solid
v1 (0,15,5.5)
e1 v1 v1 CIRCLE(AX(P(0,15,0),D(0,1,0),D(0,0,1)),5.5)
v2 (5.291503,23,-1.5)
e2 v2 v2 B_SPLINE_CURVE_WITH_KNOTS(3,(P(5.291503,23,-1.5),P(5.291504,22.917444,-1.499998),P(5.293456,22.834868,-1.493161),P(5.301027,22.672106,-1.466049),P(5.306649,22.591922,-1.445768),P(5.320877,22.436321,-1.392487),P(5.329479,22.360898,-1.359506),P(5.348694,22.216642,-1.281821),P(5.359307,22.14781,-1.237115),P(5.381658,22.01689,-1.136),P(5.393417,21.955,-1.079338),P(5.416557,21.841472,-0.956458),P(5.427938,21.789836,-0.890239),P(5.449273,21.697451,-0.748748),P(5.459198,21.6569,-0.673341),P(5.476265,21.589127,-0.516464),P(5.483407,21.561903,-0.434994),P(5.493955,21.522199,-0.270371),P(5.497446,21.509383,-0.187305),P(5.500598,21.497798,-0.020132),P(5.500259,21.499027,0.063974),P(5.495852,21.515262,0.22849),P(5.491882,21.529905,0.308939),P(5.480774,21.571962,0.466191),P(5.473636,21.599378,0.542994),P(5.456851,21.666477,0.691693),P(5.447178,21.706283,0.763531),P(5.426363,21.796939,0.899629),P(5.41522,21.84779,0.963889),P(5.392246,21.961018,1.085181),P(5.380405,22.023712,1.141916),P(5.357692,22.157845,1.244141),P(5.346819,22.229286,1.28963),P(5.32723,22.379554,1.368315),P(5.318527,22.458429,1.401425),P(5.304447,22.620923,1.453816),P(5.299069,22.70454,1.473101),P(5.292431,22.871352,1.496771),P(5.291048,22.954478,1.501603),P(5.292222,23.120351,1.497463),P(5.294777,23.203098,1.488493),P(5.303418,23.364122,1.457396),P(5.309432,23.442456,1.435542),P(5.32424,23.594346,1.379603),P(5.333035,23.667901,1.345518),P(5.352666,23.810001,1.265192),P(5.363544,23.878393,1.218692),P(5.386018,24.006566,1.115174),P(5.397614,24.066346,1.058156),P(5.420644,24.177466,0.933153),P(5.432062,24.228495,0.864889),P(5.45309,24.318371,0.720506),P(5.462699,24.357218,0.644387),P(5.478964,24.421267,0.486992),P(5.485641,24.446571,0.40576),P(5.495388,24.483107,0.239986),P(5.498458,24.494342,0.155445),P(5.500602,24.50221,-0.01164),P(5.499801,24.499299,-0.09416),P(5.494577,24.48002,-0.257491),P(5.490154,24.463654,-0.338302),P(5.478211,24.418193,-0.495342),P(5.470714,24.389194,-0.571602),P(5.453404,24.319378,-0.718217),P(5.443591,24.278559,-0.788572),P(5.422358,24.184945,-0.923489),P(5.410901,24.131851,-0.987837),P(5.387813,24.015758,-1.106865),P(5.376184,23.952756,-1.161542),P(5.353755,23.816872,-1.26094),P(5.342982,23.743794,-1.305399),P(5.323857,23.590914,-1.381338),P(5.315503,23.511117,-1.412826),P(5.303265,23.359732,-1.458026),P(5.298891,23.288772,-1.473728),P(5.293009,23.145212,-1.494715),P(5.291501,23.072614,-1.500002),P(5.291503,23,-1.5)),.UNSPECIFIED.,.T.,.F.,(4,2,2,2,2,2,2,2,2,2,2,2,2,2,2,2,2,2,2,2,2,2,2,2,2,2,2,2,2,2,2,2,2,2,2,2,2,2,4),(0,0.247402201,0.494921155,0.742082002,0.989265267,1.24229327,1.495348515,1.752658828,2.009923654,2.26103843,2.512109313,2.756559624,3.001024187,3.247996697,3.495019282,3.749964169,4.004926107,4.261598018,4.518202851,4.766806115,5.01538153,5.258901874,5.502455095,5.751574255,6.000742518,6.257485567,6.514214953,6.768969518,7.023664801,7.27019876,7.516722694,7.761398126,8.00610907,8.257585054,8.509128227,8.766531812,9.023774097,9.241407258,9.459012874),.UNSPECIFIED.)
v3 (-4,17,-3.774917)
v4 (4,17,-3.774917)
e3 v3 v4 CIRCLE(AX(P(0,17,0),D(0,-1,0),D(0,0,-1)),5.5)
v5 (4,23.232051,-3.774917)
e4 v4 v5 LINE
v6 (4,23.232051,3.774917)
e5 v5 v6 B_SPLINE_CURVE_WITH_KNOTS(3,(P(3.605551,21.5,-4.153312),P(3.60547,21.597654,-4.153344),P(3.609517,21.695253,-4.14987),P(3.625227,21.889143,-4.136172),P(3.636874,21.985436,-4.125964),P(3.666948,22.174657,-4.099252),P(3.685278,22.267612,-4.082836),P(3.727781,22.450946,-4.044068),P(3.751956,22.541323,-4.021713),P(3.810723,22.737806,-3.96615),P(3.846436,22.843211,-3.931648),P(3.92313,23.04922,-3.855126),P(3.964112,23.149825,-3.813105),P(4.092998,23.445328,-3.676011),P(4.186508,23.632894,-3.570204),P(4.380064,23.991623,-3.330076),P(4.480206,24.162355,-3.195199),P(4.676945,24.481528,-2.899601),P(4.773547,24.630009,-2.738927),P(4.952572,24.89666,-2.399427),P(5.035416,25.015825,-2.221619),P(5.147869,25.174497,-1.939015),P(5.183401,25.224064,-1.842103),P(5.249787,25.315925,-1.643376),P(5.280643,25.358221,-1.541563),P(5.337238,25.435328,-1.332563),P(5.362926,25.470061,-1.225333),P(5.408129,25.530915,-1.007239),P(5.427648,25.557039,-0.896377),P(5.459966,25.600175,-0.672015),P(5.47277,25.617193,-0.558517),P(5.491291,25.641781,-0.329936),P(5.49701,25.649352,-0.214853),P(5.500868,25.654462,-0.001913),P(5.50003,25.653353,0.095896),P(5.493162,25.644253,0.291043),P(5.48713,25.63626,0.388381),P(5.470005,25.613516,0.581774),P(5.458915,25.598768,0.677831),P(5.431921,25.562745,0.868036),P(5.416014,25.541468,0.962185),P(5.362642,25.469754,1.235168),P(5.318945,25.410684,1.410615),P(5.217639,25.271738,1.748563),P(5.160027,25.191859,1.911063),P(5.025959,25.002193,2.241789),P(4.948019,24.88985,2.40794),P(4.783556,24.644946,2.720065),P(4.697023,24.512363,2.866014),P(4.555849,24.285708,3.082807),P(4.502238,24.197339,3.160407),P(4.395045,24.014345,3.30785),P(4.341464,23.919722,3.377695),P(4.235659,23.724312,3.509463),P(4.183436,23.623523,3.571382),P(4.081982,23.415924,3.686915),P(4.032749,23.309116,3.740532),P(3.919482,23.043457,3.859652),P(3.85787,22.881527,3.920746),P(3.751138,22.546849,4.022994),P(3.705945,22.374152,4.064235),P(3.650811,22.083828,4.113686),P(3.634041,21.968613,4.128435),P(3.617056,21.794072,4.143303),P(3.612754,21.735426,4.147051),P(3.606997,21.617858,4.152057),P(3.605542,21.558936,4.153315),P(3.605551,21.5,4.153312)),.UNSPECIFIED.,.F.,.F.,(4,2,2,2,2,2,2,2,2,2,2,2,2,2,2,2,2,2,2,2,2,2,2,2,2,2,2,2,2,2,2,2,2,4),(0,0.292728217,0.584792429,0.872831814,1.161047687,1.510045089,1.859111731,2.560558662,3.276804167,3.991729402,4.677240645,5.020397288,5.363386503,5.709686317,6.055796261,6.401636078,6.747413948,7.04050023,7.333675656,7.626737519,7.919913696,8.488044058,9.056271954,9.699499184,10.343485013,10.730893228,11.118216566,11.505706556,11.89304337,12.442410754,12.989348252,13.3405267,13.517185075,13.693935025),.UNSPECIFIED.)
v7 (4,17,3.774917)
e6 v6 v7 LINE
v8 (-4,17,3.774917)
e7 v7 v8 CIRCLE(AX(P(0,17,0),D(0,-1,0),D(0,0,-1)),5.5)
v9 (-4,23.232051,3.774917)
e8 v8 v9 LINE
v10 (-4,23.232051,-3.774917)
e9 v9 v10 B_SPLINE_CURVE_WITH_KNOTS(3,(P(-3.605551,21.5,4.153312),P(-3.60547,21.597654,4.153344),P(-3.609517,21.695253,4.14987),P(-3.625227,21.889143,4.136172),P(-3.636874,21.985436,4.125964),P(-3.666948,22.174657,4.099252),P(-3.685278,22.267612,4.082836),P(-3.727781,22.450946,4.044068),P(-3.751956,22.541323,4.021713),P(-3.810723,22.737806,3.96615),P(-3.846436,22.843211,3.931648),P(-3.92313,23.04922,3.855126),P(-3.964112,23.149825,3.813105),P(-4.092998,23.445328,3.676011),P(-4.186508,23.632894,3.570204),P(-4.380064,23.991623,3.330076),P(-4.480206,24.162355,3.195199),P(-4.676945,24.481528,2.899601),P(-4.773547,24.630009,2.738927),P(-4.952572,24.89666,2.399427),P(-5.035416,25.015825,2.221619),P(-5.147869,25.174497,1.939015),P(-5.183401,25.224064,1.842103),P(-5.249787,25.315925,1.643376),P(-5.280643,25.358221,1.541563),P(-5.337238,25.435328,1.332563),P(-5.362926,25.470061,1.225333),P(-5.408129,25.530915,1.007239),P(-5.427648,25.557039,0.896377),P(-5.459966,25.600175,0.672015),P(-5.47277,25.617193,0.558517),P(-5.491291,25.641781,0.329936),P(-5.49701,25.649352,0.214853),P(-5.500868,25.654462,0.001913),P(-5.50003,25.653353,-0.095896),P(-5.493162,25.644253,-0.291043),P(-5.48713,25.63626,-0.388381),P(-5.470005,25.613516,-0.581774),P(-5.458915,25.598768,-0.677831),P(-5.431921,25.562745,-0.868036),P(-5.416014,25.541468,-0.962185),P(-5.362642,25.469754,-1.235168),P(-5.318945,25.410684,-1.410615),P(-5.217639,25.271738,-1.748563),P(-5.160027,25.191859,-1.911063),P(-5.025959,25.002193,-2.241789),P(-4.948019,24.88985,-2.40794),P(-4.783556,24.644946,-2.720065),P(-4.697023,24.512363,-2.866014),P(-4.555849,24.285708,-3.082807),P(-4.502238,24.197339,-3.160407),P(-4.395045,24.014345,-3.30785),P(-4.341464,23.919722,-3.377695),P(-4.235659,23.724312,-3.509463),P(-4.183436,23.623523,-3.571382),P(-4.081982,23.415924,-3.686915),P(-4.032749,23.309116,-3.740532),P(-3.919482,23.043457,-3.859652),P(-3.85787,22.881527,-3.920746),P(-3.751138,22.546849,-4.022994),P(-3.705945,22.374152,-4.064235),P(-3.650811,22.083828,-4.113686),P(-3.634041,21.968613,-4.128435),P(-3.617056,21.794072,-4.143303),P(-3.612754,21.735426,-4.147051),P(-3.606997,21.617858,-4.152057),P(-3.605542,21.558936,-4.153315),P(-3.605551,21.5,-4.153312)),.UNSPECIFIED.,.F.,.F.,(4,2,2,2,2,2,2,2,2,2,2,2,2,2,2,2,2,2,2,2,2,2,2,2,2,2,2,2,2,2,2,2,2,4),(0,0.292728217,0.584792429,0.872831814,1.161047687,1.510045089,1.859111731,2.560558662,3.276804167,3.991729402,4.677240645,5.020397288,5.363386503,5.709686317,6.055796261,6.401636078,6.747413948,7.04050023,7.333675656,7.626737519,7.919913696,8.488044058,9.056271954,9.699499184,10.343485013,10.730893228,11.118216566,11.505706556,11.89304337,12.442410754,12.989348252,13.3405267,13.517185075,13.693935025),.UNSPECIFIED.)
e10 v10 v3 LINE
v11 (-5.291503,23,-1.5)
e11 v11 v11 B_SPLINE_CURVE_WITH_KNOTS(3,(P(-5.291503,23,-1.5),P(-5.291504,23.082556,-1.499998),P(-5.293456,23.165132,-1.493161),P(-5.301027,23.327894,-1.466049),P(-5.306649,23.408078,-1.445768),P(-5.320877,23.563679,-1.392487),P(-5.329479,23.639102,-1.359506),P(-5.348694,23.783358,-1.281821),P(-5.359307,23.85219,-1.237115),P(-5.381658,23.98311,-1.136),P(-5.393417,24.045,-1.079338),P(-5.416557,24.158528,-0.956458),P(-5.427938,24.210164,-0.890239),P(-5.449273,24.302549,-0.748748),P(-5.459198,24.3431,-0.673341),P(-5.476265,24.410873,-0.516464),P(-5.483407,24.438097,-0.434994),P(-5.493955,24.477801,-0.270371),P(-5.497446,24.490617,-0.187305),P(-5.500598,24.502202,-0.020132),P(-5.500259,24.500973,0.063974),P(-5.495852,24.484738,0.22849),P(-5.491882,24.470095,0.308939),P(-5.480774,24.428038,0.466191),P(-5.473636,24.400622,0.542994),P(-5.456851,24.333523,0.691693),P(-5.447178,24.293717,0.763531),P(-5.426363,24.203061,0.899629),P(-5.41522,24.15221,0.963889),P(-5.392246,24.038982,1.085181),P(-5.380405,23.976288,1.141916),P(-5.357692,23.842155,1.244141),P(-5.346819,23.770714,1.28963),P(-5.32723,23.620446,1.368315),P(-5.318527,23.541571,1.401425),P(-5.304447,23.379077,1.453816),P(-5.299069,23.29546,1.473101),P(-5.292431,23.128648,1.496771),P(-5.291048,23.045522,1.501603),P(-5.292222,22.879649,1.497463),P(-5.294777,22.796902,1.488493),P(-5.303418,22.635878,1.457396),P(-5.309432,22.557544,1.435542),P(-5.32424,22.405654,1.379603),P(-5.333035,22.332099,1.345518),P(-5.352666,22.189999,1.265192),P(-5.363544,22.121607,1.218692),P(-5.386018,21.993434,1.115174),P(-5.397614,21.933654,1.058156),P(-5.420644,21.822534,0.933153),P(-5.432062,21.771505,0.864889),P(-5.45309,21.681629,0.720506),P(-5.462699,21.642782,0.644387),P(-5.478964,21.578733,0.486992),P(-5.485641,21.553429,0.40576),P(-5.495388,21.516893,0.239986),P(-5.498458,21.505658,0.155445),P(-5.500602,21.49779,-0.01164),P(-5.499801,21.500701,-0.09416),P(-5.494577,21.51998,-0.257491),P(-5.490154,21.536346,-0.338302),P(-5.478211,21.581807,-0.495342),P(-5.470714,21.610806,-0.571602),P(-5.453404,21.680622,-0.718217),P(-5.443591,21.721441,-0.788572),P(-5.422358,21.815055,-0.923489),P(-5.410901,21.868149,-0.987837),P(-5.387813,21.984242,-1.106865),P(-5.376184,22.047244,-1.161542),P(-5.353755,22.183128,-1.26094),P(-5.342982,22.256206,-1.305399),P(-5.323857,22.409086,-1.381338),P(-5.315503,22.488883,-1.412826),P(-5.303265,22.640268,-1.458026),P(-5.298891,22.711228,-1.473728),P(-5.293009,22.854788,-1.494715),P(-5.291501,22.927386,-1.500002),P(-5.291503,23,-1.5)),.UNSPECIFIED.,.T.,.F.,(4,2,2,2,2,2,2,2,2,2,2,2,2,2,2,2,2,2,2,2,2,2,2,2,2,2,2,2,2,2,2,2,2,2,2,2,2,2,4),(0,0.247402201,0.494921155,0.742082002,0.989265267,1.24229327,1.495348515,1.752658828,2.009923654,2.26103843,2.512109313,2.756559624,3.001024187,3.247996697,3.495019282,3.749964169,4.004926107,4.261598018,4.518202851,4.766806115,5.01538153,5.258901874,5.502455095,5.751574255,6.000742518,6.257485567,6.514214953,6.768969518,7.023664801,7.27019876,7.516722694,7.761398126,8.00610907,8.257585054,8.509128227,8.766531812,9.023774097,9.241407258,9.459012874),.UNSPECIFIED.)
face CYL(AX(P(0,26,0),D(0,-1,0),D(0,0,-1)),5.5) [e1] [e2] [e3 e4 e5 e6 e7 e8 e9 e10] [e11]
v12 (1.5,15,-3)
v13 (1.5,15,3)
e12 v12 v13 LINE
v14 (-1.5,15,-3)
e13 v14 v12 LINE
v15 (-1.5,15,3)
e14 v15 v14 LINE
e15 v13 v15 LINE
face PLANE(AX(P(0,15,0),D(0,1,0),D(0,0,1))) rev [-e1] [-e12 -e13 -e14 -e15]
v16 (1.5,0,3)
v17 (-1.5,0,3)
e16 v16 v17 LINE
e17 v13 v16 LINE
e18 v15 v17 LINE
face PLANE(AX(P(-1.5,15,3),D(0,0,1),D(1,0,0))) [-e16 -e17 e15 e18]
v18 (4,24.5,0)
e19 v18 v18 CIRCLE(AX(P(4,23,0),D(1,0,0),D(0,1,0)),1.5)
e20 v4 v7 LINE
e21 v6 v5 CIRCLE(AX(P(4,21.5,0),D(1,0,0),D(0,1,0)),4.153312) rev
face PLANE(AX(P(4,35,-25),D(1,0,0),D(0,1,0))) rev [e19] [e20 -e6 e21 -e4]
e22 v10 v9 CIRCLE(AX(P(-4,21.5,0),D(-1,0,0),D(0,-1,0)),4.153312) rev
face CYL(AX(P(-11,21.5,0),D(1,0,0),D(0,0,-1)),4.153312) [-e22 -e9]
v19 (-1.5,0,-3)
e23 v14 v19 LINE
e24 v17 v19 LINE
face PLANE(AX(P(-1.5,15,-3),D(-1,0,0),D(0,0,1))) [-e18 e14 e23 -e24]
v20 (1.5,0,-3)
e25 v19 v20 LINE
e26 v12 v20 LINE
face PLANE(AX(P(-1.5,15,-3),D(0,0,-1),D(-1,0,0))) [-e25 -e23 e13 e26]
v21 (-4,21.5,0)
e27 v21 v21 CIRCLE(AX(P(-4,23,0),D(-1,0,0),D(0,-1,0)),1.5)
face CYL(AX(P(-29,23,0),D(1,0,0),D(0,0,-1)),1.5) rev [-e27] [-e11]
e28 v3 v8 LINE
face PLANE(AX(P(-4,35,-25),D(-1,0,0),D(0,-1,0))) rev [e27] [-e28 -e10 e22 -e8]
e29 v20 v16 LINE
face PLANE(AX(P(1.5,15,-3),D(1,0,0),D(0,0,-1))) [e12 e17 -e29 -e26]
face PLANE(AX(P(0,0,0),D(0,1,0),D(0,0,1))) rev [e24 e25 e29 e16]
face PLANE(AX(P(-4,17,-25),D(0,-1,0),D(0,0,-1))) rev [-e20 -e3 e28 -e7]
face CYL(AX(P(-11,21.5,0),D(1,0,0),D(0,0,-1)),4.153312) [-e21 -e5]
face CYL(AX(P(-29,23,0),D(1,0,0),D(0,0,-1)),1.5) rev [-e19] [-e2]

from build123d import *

# Parameters (mm, degrees)
SKETCH_1_R          = 5.5
EXTRUDE_1_DEPTH     = 26
SKETCH_2_W          = 8
SKETCH_2_H          = 18
CUT_EXTRUDE_1_DEPTH = 25
SKETCH_3_R          = 1.5
CUT_EXTRUDE_2_DEPTH = 25
CUT_EXTRUDE_3_DEPTH = 11
SKETCH_6_W          = 25.84971197
SKETCH_6_H          = 26.022962568
SKETCH_6_W_2        = 3
SKETCH_6_H_2        = 6
CUT_EXTRUDE_4_DEPTH = 15


with BuildPart() as part:
    # 草图1 → 凸台-拉伸1 (new body)
    with BuildSketch(Plane(origin=(0, 0, 0), x_dir=(1, 0, 0), z_dir=(0, 1, 0))):
        Circle(SKETCH_1_R)
    extrude(amount=EXTRUDE_1_DEPTH)

    # 草图2 → 切除-拉伸1 (cut, symmetric)
    with BuildSketch(Plane.XY):
        with Locations((0, 26)):
            Rectangle(SKETCH_2_W, SKETCH_2_H)
    extrude(amount=CUT_EXTRUDE_1_DEPTH, both=True, mode=Mode.SUBTRACT)

    # 草图3 → 切除-拉伸2 (cut, symmetric)
    with BuildSketch(Plane(origin=(-4, 0, 0), x_dir=(0, 0, -1), z_dir=(1, 0, 0))):
        with Locations((0, 23)):
            Circle(SKETCH_3_R)
    extrude(amount=CUT_EXTRUDE_2_DEPTH, both=True, mode=Mode.SUBTRACT)

    # 草图5 → 切除-拉伸3 (cut, symmetric)
    with BuildSketch(Plane(origin=(0, 0, 0), x_dir=(0, 0, -1), z_dir=(1, 0, 0))):
        with BuildLine():
            Line((-4.153311931, 21.5), (-12.215121886, 24.91830584))
            Line((-12.215121886, 24.91830584), (0.629850505, 32.78071868))
            Line((0.629850505, 32.78071868), (12.991410006, 24.598657791))
            Line((12.991410006, 24.598657791), (4.153311931, 21.5))
            ThreePointArc((4.153311931, 21.5), (0, 25.653311931), (-4.153311931, 21.5))
        make_face()
    extrude(amount=CUT_EXTRUDE_3_DEPTH, both=True, mode=Mode.SUBTRACT)

    # 草图6 → 切除-拉伸4 (cut)
    with BuildSketch(Plane(origin=(0, 0, 0), x_dir=(-1, 0, 0), z_dir=(0, -1, 0))):
        Rectangle(SKETCH_6_W, SKETCH_6_H)
        Rectangle(SKETCH_6_W_2, SKETCH_6_H_2, mode=Mode.SUBTRACT)
    extrude(amount=-CUT_EXTRUDE_4_DEPTH, mode=Mode.SUBTRACT)


solid = part.part
